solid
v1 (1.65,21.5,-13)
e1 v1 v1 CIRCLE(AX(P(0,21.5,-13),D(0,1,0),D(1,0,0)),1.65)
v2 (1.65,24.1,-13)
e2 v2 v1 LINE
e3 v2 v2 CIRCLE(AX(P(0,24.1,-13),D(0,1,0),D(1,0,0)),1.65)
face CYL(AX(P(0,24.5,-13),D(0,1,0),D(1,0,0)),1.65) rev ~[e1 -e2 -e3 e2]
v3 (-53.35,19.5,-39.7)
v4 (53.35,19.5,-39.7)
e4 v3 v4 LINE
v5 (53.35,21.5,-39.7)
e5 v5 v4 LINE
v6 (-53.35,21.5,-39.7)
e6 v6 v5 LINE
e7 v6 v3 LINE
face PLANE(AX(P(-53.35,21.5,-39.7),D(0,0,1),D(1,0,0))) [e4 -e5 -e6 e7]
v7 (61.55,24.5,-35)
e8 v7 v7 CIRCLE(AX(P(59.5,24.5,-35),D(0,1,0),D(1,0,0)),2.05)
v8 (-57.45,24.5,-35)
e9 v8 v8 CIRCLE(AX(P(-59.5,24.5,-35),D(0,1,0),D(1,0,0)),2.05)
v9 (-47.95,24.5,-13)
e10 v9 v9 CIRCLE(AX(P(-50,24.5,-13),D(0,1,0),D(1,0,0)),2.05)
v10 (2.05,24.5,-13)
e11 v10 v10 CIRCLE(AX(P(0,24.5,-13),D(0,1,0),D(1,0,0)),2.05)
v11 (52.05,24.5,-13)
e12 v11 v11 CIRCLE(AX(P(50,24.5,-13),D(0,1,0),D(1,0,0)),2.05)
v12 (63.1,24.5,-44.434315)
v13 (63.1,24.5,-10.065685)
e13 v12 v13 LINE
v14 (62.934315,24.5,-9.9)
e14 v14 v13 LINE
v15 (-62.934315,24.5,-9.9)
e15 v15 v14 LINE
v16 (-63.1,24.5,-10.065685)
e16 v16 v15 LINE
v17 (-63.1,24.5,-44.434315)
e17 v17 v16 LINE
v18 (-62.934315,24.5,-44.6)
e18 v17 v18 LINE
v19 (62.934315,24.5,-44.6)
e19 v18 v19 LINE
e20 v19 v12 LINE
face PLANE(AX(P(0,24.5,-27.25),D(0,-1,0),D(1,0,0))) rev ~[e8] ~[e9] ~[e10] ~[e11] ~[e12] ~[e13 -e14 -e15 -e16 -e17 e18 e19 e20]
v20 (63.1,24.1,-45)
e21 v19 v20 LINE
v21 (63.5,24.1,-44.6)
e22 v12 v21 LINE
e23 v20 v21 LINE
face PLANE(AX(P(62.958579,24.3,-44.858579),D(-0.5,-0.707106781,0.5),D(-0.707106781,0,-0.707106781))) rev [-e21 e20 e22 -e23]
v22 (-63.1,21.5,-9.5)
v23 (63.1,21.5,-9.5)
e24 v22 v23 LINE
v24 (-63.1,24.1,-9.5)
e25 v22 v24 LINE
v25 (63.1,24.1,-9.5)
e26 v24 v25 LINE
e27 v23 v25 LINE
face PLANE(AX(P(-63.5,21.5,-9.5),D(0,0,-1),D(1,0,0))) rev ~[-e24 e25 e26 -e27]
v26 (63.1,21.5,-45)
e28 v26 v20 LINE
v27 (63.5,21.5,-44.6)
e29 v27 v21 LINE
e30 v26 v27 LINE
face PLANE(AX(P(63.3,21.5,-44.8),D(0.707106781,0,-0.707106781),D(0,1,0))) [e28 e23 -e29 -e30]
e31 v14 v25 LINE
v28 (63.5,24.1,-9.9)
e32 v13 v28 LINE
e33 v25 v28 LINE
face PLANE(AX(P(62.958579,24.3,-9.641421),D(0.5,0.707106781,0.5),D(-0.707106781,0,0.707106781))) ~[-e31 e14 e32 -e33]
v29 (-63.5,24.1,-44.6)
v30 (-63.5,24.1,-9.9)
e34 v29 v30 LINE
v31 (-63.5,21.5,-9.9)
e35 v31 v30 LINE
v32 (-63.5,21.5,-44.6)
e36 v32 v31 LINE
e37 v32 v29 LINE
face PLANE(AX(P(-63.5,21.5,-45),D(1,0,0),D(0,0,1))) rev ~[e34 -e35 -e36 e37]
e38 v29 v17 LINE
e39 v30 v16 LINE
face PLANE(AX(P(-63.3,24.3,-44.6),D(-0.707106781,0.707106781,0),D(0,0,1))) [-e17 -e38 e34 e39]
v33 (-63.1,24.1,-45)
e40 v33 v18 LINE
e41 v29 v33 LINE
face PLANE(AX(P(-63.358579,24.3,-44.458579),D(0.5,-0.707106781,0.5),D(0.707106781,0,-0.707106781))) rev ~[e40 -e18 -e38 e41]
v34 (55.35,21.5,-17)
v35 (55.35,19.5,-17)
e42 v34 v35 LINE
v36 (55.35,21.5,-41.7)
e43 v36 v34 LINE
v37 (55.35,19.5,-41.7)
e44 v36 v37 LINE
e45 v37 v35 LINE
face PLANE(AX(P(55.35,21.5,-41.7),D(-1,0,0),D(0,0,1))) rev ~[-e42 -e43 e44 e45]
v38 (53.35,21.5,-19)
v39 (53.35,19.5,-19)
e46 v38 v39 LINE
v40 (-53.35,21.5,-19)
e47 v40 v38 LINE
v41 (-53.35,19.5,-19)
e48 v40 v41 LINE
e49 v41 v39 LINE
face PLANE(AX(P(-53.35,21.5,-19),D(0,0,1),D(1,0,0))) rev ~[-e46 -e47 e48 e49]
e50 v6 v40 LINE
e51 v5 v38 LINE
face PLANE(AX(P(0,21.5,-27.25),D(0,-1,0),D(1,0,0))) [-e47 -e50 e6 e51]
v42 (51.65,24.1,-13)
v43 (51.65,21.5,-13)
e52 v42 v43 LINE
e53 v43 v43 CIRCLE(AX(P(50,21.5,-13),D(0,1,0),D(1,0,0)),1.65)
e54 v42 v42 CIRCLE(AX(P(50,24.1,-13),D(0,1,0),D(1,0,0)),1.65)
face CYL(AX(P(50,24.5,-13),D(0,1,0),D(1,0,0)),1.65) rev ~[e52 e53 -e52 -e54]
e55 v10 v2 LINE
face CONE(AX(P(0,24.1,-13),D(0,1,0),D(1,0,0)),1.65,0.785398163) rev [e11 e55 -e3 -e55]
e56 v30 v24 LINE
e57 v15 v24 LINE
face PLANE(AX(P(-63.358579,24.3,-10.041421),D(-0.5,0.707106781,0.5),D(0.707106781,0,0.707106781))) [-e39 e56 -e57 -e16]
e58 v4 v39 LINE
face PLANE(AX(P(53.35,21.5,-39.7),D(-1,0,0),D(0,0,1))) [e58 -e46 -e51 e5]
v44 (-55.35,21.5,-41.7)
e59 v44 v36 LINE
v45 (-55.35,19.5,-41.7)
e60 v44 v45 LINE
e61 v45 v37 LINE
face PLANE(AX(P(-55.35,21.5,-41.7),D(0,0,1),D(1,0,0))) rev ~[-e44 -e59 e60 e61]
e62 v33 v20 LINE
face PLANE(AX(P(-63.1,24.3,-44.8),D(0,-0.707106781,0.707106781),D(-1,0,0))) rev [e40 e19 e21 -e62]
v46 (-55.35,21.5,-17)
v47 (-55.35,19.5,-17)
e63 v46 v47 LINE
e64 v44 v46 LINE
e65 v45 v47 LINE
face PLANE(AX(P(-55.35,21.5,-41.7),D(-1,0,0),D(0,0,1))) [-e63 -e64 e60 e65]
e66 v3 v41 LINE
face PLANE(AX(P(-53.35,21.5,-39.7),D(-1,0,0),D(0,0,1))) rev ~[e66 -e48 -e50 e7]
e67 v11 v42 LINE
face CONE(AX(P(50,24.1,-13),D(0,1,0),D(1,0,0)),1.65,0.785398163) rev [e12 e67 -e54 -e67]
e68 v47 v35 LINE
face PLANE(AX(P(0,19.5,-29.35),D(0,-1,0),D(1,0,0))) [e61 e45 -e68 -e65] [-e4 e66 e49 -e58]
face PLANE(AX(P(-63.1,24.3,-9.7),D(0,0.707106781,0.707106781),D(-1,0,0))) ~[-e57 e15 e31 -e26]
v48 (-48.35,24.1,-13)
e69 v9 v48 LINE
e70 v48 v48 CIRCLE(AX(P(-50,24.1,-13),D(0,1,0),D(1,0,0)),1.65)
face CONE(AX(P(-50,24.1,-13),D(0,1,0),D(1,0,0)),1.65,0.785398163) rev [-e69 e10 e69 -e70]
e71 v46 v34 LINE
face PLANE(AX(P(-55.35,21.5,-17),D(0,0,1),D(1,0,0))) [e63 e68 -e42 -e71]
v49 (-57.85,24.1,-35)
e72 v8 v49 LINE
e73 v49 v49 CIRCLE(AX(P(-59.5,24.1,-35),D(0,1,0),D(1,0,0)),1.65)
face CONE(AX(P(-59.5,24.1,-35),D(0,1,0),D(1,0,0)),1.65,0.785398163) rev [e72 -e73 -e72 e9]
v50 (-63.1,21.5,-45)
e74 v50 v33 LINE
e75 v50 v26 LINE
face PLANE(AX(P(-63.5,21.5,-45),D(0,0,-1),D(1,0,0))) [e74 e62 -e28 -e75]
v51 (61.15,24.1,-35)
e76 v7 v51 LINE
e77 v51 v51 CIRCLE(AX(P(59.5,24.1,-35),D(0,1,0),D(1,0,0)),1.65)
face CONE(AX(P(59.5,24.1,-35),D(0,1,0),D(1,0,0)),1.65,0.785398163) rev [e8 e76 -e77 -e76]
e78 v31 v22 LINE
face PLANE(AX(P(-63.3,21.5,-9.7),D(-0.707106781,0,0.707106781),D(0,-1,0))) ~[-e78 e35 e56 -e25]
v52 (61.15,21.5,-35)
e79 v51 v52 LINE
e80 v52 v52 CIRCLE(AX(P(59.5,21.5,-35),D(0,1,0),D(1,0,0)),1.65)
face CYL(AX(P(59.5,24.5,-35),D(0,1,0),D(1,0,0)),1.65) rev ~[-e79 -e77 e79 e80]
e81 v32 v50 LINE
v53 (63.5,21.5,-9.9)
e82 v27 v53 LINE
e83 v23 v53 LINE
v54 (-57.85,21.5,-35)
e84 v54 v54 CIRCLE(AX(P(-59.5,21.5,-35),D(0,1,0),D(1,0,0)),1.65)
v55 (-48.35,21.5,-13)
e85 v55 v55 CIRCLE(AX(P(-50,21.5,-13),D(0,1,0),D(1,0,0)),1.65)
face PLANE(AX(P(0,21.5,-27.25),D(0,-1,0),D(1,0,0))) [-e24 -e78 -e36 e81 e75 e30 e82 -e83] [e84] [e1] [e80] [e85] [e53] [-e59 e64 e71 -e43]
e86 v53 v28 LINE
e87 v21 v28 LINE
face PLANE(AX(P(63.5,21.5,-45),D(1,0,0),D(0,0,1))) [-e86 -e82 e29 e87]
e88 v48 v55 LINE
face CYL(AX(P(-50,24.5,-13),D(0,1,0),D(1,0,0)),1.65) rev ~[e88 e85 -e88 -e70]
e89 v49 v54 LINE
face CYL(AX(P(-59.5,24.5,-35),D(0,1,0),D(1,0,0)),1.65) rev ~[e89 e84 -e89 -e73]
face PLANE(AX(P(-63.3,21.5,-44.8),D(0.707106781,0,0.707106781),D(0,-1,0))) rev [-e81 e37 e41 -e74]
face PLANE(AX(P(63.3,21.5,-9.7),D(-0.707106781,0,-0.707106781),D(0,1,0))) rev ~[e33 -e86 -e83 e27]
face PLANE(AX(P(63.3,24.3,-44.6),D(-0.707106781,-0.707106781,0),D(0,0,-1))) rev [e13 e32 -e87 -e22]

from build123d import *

# Parameters (mm, degrees)
SKETCH019_W     = 127
SKETCH019_H     = 35.5
PAD006_DEPTH    = 3
SKETCH020_R     = 1.65
POCKET014_DEPTH = 5
CHAMFER_SIZE    = 0.4
SKETCH024_W     = 110.7
SKETCH024_H     = 24.7
SKETCH024_W_2   = 106.7
SKETCH024_H_2   = 20.7
PAD007_DEPTH    = 2
CHAMFER009_SIZE = 0.4


with BuildPart() as part:
    # Sketch019 → Pad006 (new body)
    with BuildSketch(Plane.XZ):
        with Locations((0, -10.25)):
            Rectangle(SKETCH019_W, SKETCH019_H)
    extrude(amount=-PAD006_DEPTH)

    # Sketch020 (on Face6 of Pad006) → Pocket014 (cut)
    with BuildSketch(Plane(origin=(0, 3, 0), x_dir=(1, 0, 0), z_dir=(0, 1, 0))):
        with Locations((-59.5, 18)):
            Circle(SKETCH020_R)
        with Locations((59.5, 18)):
            Circle(SKETCH020_R)
        with Locations((-50, -4)):
            Circle(SKETCH020_R)
        with Locations((0, -4)):
            Circle(SKETCH020_R)
        with Locations((50, -4)):
            Circle(SKETCH020_R)
    extrude(amount=-POCKET014_DEPTH, mode=Mode.SUBTRACT)

    # Chamfer
    chamfer_edges = [part.edges().sort_by_distance(p)[0] for p in [
        (63.5, 1.5, -28),
        (-63.5, 1.5, -28),
        (-63.5, 1.5, 7.5),
        (63.5, 1.5, 7.5),
    ]]
    chamfer(chamfer_edges, length=CHAMFER_SIZE)

    # Sketch024 (on Face2 of Chamfer) → Pad007 (join)
    with BuildSketch(Plane.XZ):
        with Locations((0, -12.35)):
            Rectangle(SKETCH024_W, SKETCH024_H)
        with Locations((0, -12.35)):
            Rectangle(SKETCH024_W_2, SKETCH024_H_2, mode=Mode.SUBTRACT)
    extrude(amount=PAD007_DEPTH)


with BuildPart() as part_1:
    # Body003 placement: moved
    add(part.part.moved(Location((0, 4.5, 0))))

    # Chamfer009
    chamfer009_edges = [part_1.edges().sort_by_distance(p)[0] for p in [
        (0, 7.5, 7.5),
        (-63.3, 7.5, 7.3),
        (63.3, 7.5, 7.3),
        (-63.5, 7.5, -10.25),
        (63.5, 7.5, -10.25),
        (-63.3, 7.5, -27.8),
        (63.3, 7.5, -27.8),
        (0, 7.5, -28),
        (-61.15, 7.5, -18),
        (-51.65, 7.5, 4),
        (-1.65, 7.5, 4),
        (57.85, 7.5, -18),
        (48.35, 7.5, 4),
    ]]
    chamfer(chamfer009_edges, length=CHAMFER009_SIZE)


with BuildPart() as part_2:
    # Chamfer009 placement: moved
    add(part_1.part.moved(Location((0, 17, -17))))


solid = part_2.part
